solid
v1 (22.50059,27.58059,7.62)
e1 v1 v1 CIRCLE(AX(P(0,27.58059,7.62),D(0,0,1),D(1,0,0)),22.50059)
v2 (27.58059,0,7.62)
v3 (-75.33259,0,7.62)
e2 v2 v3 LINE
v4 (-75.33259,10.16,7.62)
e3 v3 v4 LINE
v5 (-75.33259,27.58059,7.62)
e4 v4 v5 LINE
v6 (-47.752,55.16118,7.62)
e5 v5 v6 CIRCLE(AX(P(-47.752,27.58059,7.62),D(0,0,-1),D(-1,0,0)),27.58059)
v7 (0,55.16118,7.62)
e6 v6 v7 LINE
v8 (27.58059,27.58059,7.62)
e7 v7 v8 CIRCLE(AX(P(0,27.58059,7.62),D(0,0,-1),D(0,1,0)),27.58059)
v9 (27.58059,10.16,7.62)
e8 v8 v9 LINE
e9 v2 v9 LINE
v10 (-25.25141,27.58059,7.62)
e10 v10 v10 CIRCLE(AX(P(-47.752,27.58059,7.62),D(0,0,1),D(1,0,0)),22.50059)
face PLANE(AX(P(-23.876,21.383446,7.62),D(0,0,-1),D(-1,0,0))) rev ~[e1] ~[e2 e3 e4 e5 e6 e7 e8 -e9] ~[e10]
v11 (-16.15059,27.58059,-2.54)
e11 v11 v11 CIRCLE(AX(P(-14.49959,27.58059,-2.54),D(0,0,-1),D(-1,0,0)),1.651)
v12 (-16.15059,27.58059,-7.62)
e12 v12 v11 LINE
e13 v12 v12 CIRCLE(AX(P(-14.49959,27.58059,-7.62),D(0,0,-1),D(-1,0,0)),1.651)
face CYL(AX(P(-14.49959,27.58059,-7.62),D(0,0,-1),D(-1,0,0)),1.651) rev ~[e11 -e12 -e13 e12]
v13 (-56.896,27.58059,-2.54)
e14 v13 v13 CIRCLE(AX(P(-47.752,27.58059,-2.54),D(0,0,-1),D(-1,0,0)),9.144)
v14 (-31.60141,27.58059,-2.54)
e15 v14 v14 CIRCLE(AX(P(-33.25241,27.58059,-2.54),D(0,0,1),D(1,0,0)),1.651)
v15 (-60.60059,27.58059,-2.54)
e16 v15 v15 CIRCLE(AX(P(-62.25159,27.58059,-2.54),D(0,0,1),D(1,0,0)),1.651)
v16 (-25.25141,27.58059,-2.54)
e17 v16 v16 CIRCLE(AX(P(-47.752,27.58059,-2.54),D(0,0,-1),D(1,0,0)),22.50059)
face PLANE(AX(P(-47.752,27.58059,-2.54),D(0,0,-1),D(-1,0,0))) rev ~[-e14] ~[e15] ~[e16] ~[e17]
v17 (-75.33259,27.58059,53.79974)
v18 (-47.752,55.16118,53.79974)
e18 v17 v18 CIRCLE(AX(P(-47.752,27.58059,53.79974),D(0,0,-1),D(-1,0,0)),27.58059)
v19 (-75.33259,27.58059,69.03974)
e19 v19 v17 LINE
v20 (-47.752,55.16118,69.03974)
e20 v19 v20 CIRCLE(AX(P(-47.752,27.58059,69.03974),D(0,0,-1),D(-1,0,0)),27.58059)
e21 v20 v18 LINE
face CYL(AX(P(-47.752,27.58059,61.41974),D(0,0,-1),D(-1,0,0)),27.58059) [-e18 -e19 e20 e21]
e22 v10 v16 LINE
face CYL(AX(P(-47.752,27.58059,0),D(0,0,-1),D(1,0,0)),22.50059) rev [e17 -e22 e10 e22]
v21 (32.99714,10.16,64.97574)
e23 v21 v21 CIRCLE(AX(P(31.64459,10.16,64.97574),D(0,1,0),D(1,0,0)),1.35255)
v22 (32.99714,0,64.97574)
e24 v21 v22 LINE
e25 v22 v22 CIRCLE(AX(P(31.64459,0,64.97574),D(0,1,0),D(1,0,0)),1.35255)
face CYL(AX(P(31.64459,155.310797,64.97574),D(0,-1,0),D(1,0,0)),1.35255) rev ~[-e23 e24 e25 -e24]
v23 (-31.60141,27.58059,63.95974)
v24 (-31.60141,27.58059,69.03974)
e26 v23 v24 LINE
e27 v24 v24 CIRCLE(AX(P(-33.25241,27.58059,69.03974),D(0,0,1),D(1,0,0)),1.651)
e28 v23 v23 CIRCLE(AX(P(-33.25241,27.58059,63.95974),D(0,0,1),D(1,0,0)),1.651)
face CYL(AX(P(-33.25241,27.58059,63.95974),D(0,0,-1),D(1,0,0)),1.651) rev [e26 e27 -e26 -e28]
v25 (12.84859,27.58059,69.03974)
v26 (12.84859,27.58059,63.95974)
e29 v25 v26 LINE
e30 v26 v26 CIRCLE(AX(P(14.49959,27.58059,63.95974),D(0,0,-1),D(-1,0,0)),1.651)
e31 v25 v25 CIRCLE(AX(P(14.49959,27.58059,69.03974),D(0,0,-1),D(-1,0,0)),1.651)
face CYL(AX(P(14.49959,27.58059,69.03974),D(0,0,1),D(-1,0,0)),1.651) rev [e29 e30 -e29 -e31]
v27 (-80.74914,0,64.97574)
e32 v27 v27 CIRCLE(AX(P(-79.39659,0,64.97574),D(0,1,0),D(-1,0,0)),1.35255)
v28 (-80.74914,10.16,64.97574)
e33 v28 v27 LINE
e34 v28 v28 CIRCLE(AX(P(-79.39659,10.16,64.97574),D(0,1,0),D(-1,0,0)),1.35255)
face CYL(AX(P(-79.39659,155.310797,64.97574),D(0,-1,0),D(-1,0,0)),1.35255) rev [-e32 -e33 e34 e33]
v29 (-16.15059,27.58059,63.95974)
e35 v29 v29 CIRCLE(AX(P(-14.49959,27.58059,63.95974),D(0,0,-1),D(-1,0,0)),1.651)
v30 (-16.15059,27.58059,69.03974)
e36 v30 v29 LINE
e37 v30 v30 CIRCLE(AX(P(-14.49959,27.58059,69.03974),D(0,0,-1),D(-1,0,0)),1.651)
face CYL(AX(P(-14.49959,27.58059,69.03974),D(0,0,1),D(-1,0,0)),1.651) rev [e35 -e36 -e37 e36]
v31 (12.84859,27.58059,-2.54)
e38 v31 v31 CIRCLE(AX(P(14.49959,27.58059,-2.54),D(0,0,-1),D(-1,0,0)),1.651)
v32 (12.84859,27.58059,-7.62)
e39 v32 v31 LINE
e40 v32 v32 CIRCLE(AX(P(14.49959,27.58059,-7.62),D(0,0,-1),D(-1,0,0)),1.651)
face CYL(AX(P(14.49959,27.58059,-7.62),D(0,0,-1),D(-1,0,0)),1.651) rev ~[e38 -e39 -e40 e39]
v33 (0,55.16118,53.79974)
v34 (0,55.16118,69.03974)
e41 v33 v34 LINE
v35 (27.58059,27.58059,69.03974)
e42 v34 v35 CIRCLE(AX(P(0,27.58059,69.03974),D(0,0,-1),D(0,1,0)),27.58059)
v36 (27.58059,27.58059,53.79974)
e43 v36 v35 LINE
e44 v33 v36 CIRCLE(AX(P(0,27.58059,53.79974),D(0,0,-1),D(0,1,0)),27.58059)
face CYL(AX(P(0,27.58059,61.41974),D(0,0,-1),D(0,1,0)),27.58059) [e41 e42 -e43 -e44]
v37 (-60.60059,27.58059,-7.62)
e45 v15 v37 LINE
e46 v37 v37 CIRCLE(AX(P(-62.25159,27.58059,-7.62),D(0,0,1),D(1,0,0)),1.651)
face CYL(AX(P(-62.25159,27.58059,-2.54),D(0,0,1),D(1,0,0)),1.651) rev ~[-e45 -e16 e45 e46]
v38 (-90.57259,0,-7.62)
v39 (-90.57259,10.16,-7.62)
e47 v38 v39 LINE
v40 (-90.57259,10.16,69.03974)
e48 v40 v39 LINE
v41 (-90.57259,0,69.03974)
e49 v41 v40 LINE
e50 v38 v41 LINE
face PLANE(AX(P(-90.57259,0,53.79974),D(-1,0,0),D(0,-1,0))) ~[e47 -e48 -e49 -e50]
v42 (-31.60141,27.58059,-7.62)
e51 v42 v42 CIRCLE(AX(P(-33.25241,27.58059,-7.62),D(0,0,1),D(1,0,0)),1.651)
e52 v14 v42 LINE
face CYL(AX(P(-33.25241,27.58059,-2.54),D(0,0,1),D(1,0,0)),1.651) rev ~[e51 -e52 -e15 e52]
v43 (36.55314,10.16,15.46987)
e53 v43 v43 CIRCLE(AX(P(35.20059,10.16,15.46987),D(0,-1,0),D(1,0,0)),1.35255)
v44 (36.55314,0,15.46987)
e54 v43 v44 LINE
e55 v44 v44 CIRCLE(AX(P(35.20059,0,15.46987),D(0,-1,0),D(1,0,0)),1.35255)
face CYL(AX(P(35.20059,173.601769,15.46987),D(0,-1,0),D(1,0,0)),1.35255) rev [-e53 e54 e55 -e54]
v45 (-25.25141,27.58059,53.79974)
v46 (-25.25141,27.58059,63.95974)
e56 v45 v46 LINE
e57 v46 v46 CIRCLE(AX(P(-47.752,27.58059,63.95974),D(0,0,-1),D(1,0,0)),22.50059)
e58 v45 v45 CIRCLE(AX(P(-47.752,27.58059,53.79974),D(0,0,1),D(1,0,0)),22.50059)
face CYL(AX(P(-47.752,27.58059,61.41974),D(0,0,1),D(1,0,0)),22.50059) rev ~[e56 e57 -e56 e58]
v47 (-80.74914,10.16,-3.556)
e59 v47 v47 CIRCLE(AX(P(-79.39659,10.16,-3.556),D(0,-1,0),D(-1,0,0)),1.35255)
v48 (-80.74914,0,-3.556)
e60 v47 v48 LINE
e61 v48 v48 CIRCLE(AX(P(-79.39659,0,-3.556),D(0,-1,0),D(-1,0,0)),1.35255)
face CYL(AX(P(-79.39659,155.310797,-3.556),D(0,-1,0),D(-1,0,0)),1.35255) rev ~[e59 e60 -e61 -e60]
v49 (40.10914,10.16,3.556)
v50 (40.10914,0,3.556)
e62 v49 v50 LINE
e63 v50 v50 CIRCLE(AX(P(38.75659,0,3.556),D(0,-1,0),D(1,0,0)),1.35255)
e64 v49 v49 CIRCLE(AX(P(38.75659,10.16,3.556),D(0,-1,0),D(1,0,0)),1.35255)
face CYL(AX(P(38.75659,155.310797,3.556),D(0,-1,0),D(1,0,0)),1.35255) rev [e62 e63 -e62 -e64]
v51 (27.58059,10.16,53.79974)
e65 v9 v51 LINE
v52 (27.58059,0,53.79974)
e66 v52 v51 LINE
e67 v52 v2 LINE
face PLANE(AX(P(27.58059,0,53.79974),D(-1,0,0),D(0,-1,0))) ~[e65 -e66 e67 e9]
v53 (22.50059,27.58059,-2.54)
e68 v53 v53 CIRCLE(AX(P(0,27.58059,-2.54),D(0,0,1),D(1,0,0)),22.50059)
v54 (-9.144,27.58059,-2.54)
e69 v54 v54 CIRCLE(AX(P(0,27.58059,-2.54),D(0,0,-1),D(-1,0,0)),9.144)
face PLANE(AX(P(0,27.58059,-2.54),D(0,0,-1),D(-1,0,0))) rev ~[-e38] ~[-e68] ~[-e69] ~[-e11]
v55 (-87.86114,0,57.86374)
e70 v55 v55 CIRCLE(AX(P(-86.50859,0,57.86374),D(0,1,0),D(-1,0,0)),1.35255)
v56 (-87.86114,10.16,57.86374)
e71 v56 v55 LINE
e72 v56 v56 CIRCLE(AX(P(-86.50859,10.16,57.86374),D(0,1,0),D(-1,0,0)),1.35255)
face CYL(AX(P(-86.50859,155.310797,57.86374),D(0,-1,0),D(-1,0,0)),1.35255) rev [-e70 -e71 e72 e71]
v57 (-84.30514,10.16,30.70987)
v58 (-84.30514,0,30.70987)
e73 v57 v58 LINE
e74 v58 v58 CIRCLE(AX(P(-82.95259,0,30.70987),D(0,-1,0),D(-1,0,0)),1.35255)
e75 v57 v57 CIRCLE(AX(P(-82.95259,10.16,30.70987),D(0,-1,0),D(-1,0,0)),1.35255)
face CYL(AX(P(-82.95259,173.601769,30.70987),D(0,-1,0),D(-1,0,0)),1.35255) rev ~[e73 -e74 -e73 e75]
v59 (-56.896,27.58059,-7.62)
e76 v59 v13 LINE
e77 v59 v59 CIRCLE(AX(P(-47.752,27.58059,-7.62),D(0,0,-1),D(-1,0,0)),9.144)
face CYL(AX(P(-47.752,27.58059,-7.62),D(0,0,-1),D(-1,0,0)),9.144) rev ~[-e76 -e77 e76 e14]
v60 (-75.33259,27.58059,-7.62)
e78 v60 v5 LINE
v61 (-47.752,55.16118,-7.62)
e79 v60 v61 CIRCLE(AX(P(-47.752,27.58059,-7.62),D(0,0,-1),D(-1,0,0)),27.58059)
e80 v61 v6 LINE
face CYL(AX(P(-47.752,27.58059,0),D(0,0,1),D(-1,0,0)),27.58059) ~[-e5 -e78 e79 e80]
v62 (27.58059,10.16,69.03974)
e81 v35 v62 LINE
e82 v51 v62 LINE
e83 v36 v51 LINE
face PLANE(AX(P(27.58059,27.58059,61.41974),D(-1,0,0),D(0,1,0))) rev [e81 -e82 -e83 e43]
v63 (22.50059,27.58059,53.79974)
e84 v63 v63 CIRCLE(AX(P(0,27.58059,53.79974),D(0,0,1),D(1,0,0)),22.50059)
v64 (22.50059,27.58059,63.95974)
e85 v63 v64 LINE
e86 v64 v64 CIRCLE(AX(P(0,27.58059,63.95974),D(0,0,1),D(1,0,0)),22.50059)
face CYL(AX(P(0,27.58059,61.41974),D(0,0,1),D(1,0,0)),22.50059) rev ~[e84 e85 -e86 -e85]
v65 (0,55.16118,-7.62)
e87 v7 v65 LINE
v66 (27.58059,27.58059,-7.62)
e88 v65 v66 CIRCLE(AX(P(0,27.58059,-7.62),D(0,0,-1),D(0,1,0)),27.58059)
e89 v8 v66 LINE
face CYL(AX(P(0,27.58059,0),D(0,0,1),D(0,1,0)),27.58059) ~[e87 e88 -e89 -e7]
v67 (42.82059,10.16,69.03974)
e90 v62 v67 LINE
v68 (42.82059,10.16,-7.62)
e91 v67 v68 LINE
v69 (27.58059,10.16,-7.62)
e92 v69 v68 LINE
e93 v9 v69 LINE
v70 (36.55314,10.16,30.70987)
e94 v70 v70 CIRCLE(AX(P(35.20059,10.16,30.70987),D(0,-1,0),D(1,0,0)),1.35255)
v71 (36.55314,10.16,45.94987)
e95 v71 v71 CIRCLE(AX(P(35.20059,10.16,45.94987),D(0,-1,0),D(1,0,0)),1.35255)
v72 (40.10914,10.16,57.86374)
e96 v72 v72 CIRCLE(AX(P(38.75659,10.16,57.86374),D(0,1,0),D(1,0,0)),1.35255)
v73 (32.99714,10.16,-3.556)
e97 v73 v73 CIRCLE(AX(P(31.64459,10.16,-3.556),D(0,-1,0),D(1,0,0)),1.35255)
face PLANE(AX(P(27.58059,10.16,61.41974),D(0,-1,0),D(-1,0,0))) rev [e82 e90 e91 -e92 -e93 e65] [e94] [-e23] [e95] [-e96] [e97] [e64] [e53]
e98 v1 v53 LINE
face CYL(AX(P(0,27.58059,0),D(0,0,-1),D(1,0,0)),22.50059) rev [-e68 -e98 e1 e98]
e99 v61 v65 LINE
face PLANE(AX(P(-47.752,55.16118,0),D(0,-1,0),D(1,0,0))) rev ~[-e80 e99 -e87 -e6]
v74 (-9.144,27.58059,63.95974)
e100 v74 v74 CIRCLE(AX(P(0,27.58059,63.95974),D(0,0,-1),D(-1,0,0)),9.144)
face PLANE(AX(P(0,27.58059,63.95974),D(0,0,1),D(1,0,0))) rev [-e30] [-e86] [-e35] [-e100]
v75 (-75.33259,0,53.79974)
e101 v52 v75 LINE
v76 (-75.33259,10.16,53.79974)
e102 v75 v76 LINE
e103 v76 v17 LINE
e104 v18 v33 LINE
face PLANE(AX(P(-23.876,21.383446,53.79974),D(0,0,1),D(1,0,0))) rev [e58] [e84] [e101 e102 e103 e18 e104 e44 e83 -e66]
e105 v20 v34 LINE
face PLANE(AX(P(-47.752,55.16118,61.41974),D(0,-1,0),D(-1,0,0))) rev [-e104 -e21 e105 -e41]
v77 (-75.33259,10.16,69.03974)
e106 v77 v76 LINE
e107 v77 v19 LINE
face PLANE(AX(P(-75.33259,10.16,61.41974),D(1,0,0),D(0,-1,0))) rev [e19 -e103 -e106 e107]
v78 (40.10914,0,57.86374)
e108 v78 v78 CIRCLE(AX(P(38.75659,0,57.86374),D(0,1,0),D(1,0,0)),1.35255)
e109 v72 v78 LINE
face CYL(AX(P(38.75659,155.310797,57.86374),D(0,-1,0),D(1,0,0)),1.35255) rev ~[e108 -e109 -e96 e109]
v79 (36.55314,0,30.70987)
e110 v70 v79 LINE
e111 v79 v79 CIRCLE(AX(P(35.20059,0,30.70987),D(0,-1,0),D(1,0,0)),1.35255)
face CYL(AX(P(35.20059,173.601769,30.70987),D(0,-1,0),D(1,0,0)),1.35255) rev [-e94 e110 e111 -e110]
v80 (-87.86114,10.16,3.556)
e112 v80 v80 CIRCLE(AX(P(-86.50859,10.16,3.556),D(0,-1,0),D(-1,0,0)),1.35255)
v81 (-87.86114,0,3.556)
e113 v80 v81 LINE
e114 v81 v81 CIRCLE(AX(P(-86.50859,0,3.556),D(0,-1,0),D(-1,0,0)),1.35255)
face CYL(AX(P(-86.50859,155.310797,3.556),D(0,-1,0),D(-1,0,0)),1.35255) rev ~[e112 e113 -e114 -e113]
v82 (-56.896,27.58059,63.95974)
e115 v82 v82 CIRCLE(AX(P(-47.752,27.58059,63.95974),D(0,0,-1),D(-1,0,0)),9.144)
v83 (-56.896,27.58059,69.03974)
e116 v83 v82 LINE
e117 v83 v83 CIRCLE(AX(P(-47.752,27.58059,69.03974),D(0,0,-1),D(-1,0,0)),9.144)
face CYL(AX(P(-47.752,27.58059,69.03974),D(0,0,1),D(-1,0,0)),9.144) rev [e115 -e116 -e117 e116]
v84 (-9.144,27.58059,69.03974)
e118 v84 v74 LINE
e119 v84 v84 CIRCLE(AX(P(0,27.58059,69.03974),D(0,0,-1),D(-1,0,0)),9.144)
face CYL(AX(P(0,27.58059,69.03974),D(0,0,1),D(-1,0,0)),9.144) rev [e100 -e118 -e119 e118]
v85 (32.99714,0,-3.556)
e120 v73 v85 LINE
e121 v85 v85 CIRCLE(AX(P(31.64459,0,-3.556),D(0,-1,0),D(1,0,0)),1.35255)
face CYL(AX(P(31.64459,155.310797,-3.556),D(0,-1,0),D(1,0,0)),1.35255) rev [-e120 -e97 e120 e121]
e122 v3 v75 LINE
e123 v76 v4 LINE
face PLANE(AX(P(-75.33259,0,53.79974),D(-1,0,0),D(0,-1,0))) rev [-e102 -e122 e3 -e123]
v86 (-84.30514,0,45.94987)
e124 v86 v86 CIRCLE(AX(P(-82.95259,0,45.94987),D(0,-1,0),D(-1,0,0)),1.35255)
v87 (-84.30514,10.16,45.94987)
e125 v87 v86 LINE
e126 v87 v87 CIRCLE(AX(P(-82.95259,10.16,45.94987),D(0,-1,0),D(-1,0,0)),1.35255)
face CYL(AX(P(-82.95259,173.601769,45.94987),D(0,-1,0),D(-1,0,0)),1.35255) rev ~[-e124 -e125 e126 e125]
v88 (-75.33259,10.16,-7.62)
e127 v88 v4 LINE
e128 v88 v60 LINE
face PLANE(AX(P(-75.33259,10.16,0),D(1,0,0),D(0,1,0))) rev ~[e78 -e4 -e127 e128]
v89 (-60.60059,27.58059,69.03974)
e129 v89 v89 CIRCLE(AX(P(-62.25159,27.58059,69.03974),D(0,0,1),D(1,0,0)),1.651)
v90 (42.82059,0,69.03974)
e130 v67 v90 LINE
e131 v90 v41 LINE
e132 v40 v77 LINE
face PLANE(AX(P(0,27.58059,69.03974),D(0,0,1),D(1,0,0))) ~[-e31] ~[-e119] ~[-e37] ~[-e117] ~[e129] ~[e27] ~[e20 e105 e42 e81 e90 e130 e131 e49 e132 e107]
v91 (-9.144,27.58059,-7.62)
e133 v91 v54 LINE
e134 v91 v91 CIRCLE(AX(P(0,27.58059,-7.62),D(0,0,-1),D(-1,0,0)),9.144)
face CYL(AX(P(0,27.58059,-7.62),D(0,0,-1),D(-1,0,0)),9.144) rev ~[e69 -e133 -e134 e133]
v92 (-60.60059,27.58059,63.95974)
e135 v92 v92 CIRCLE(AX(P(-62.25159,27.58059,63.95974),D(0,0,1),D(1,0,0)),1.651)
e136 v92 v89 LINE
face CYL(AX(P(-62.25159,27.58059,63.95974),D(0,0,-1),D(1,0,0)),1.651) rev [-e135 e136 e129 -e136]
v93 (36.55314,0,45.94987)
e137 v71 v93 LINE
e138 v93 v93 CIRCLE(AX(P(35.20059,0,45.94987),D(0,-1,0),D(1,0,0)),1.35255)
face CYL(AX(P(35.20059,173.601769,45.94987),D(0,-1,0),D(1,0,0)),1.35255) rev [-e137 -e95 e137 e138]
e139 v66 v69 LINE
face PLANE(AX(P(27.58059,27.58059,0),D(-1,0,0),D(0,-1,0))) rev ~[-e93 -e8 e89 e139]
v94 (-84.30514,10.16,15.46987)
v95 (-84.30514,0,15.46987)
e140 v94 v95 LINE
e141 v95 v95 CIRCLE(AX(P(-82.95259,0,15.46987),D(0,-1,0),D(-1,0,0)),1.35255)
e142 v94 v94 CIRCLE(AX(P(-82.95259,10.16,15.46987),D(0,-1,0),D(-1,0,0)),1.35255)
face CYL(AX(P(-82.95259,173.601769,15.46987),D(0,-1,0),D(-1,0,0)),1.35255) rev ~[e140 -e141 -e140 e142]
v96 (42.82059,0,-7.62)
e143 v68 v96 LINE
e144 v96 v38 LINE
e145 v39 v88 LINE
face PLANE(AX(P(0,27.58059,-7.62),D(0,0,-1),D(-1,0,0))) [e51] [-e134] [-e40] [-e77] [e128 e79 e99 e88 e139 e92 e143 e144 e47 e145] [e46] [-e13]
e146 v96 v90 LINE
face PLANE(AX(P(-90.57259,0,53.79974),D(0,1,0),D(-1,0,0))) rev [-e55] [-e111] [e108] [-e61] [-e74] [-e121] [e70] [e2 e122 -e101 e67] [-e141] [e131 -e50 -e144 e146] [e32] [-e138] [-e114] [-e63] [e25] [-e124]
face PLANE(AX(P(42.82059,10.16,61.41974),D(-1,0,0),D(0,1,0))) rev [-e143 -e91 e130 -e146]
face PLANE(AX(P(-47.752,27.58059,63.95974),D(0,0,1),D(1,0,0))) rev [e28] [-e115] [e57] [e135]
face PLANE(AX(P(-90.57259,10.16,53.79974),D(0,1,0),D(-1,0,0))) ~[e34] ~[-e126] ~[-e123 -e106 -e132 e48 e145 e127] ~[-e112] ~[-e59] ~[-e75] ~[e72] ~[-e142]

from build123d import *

# Parameters (mm, degrees)
SKETCH2_R                 = 22.50059
BOSS_EXTRUDE1_DEPTH       = 7.62
SKETCH6_R                 = 22.50059
SKETCH6_R_2               = 9.144
BOSS_EXTRUDE2_DEPTH       = 5.08
SKETCH7_R                 = 1.651
CUT_EXTRUDE1_DEPTH        = 7.62
SKETCH8_R                 = 1.651
CUT_EXTRUDE2_DEPTH        = 107.53344751
TAP_DRILL_FOR_6_32_TAP1_D = 2.7051
SKETCH11_W                = 15.24
SKETCH11_H                = 10.16
BOSS_EXTRUDE3_DEPTH       = 23.08987
TAP_DRILL_FOR_6_32_TAP2_D = 2.7051


with BuildPart() as part:
    # Sketch2 → Boss-Extrude1 (new, symmetric)
    with BuildSketch(Plane.XY):
        with BuildLine():
            Line((-47.752, 55.16118), (0, 55.16118))
            ThreePointArc((0, 55.16118), (19.502422218, 47.083012218), (27.58059, 27.58059))
            Line((27.58059, 27.58059), (27.58059, 10.16))
            Line((27.58059, 10.16), (42.82059, 10.16))
            Line((42.82059, 10.16), (42.82059, 0))
            Line((42.82059, 0), (-42.82059, 0))
            Line((-42.82059, 0), (-90.57259, 0))
            Line((-90.57259, 0), (-90.57259, 10.16))
            Line((-90.57259, 10.16), (-75.33259, 10.16))
            Line((-75.33259, 10.16), (-75.33259, 27.58059))
            ThreePointArc((-75.33259, 27.58059), (-67.254422218, 47.083012218), (-47.752, 55.16118))
        make_face()
        with Locations((0, 27.58059)):
            Circle(SKETCH2_R, mode=Mode.SUBTRACT)
        with Locations((-47.752, 27.58059)):
            Circle(SKETCH2_R, mode=Mode.SUBTRACT)
    extrude(amount=BOSS_EXTRUDE1_DEPTH, both=True)

    # Sketch6 → Boss-Extrude2 (add)
    # profile 1 of 2: a face of its own
    with BuildSketch(Plane(origin=(0, 0, -7.62), x_dir=(-1, 0, 0), z_dir=(0, 0, -1))):
        with Locations((0, 27.58059)):
            Circle(SKETCH6_R)
        with Locations((0, 27.58059)):
            Circle(SKETCH6_R_2, mode=Mode.SUBTRACT)
    # profile 2 of 2: a face of its own
    with BuildSketch(Plane(origin=(0, 0, -7.62), x_dir=(-1, 0, 0), z_dir=(0, 0, -1))):
        with Locations((47.752, 27.58059)):
            Circle(SKETCH6_R)
        with Locations((47.752, 27.58059)):
            Circle(SKETCH6_R_2, mode=Mode.SUBTRACT)
    extrude(amount=-BOSS_EXTRUDE2_DEPTH)

    # Sketch7 → Cut-Extrude1 (cut)
    with BuildSketch(Plane(origin=(0, 0, -7.62), x_dir=(-1, 0, 0), z_dir=(0, 0, -1))):
        with Locations((-14.49959, 27.58059)):
            Circle(SKETCH7_R)
        with Locations((14.49959, 27.58059)):
            Circle(SKETCH7_R)
    extrude(amount=-CUT_EXTRUDE1_DEPTH, mode=Mode.SUBTRACT)

    # Sketch8 → Cut-Extrude2 (cut, through all)
    with BuildSketch(Plane.XY.offset(-2.54)):
        with Locations((-33.25241, 27.58059)):
            Circle(SKETCH8_R)
        with Locations((-62.25159, 27.58059)):
            Circle(SKETCH8_R)
    extrude(amount=-CUT_EXTRUDE2_DEPTH, mode=Mode.SUBTRACT)

    # Tap Drill for #6-32 Tap1 (through all)
    with Locations(Plane(origin=(0, 10.16, 0), x_dir=(1, 0, 0), z_dir=(0, 1, 0))):
        with Locations((-79.39659, 3.556), (-86.50859, -3.556)):
            tap_drill_for_6_32_tap1 = Hole(TAP_DRILL_FOR_6_32_TAP1_D / 2)

    # Mirror1: Tap Drill for #6-32 Tap1 across plane
    add(tap_drill_for_6_32_tap1.mirror(Plane.ZY.offset(23.876)), mode=Mode.SUBTRACT)

    # Sketch11 → Boss-Extrude3 (add)
    with BuildSketch(Plane.XY.offset(7.62)):
        with Locations((-82.95259, 5.08)):
            Rectangle(SKETCH11_W, SKETCH11_H)
        with Locations((35.20059, 5.08)):
            Rectangle(SKETCH11_W, SKETCH11_H)
    extrude(amount=BOSS_EXTRUDE3_DEPTH)

    # Mirror5: part across plane


with BuildPart() as part_1:
    add(part.part)
    add(part.part.mirror(Plane.XY.offset(30.70987)))

    # Tap Drill for #6-32 Tap2 (through all)
    with Locations(Plane(origin=(0, 10.16, 0), x_dir=(1, 0, 0), z_dir=(0, 1, 0))):
        with Locations((-82.95259, -30.70987), (-82.95259, -45.94987), (-82.95259, -15.46987)):
            tap_drill_for_6_32_tap2 = Hole(TAP_DRILL_FOR_6_32_TAP2_D / 2)

    # Mirror6: Tap Drill for #6-32 Tap2 across plane
    add(tap_drill_for_6_32_tap2.mirror(Plane.ZY.offset(23.876)), mode=Mode.SUBTRACT)


solid = part_1.part
